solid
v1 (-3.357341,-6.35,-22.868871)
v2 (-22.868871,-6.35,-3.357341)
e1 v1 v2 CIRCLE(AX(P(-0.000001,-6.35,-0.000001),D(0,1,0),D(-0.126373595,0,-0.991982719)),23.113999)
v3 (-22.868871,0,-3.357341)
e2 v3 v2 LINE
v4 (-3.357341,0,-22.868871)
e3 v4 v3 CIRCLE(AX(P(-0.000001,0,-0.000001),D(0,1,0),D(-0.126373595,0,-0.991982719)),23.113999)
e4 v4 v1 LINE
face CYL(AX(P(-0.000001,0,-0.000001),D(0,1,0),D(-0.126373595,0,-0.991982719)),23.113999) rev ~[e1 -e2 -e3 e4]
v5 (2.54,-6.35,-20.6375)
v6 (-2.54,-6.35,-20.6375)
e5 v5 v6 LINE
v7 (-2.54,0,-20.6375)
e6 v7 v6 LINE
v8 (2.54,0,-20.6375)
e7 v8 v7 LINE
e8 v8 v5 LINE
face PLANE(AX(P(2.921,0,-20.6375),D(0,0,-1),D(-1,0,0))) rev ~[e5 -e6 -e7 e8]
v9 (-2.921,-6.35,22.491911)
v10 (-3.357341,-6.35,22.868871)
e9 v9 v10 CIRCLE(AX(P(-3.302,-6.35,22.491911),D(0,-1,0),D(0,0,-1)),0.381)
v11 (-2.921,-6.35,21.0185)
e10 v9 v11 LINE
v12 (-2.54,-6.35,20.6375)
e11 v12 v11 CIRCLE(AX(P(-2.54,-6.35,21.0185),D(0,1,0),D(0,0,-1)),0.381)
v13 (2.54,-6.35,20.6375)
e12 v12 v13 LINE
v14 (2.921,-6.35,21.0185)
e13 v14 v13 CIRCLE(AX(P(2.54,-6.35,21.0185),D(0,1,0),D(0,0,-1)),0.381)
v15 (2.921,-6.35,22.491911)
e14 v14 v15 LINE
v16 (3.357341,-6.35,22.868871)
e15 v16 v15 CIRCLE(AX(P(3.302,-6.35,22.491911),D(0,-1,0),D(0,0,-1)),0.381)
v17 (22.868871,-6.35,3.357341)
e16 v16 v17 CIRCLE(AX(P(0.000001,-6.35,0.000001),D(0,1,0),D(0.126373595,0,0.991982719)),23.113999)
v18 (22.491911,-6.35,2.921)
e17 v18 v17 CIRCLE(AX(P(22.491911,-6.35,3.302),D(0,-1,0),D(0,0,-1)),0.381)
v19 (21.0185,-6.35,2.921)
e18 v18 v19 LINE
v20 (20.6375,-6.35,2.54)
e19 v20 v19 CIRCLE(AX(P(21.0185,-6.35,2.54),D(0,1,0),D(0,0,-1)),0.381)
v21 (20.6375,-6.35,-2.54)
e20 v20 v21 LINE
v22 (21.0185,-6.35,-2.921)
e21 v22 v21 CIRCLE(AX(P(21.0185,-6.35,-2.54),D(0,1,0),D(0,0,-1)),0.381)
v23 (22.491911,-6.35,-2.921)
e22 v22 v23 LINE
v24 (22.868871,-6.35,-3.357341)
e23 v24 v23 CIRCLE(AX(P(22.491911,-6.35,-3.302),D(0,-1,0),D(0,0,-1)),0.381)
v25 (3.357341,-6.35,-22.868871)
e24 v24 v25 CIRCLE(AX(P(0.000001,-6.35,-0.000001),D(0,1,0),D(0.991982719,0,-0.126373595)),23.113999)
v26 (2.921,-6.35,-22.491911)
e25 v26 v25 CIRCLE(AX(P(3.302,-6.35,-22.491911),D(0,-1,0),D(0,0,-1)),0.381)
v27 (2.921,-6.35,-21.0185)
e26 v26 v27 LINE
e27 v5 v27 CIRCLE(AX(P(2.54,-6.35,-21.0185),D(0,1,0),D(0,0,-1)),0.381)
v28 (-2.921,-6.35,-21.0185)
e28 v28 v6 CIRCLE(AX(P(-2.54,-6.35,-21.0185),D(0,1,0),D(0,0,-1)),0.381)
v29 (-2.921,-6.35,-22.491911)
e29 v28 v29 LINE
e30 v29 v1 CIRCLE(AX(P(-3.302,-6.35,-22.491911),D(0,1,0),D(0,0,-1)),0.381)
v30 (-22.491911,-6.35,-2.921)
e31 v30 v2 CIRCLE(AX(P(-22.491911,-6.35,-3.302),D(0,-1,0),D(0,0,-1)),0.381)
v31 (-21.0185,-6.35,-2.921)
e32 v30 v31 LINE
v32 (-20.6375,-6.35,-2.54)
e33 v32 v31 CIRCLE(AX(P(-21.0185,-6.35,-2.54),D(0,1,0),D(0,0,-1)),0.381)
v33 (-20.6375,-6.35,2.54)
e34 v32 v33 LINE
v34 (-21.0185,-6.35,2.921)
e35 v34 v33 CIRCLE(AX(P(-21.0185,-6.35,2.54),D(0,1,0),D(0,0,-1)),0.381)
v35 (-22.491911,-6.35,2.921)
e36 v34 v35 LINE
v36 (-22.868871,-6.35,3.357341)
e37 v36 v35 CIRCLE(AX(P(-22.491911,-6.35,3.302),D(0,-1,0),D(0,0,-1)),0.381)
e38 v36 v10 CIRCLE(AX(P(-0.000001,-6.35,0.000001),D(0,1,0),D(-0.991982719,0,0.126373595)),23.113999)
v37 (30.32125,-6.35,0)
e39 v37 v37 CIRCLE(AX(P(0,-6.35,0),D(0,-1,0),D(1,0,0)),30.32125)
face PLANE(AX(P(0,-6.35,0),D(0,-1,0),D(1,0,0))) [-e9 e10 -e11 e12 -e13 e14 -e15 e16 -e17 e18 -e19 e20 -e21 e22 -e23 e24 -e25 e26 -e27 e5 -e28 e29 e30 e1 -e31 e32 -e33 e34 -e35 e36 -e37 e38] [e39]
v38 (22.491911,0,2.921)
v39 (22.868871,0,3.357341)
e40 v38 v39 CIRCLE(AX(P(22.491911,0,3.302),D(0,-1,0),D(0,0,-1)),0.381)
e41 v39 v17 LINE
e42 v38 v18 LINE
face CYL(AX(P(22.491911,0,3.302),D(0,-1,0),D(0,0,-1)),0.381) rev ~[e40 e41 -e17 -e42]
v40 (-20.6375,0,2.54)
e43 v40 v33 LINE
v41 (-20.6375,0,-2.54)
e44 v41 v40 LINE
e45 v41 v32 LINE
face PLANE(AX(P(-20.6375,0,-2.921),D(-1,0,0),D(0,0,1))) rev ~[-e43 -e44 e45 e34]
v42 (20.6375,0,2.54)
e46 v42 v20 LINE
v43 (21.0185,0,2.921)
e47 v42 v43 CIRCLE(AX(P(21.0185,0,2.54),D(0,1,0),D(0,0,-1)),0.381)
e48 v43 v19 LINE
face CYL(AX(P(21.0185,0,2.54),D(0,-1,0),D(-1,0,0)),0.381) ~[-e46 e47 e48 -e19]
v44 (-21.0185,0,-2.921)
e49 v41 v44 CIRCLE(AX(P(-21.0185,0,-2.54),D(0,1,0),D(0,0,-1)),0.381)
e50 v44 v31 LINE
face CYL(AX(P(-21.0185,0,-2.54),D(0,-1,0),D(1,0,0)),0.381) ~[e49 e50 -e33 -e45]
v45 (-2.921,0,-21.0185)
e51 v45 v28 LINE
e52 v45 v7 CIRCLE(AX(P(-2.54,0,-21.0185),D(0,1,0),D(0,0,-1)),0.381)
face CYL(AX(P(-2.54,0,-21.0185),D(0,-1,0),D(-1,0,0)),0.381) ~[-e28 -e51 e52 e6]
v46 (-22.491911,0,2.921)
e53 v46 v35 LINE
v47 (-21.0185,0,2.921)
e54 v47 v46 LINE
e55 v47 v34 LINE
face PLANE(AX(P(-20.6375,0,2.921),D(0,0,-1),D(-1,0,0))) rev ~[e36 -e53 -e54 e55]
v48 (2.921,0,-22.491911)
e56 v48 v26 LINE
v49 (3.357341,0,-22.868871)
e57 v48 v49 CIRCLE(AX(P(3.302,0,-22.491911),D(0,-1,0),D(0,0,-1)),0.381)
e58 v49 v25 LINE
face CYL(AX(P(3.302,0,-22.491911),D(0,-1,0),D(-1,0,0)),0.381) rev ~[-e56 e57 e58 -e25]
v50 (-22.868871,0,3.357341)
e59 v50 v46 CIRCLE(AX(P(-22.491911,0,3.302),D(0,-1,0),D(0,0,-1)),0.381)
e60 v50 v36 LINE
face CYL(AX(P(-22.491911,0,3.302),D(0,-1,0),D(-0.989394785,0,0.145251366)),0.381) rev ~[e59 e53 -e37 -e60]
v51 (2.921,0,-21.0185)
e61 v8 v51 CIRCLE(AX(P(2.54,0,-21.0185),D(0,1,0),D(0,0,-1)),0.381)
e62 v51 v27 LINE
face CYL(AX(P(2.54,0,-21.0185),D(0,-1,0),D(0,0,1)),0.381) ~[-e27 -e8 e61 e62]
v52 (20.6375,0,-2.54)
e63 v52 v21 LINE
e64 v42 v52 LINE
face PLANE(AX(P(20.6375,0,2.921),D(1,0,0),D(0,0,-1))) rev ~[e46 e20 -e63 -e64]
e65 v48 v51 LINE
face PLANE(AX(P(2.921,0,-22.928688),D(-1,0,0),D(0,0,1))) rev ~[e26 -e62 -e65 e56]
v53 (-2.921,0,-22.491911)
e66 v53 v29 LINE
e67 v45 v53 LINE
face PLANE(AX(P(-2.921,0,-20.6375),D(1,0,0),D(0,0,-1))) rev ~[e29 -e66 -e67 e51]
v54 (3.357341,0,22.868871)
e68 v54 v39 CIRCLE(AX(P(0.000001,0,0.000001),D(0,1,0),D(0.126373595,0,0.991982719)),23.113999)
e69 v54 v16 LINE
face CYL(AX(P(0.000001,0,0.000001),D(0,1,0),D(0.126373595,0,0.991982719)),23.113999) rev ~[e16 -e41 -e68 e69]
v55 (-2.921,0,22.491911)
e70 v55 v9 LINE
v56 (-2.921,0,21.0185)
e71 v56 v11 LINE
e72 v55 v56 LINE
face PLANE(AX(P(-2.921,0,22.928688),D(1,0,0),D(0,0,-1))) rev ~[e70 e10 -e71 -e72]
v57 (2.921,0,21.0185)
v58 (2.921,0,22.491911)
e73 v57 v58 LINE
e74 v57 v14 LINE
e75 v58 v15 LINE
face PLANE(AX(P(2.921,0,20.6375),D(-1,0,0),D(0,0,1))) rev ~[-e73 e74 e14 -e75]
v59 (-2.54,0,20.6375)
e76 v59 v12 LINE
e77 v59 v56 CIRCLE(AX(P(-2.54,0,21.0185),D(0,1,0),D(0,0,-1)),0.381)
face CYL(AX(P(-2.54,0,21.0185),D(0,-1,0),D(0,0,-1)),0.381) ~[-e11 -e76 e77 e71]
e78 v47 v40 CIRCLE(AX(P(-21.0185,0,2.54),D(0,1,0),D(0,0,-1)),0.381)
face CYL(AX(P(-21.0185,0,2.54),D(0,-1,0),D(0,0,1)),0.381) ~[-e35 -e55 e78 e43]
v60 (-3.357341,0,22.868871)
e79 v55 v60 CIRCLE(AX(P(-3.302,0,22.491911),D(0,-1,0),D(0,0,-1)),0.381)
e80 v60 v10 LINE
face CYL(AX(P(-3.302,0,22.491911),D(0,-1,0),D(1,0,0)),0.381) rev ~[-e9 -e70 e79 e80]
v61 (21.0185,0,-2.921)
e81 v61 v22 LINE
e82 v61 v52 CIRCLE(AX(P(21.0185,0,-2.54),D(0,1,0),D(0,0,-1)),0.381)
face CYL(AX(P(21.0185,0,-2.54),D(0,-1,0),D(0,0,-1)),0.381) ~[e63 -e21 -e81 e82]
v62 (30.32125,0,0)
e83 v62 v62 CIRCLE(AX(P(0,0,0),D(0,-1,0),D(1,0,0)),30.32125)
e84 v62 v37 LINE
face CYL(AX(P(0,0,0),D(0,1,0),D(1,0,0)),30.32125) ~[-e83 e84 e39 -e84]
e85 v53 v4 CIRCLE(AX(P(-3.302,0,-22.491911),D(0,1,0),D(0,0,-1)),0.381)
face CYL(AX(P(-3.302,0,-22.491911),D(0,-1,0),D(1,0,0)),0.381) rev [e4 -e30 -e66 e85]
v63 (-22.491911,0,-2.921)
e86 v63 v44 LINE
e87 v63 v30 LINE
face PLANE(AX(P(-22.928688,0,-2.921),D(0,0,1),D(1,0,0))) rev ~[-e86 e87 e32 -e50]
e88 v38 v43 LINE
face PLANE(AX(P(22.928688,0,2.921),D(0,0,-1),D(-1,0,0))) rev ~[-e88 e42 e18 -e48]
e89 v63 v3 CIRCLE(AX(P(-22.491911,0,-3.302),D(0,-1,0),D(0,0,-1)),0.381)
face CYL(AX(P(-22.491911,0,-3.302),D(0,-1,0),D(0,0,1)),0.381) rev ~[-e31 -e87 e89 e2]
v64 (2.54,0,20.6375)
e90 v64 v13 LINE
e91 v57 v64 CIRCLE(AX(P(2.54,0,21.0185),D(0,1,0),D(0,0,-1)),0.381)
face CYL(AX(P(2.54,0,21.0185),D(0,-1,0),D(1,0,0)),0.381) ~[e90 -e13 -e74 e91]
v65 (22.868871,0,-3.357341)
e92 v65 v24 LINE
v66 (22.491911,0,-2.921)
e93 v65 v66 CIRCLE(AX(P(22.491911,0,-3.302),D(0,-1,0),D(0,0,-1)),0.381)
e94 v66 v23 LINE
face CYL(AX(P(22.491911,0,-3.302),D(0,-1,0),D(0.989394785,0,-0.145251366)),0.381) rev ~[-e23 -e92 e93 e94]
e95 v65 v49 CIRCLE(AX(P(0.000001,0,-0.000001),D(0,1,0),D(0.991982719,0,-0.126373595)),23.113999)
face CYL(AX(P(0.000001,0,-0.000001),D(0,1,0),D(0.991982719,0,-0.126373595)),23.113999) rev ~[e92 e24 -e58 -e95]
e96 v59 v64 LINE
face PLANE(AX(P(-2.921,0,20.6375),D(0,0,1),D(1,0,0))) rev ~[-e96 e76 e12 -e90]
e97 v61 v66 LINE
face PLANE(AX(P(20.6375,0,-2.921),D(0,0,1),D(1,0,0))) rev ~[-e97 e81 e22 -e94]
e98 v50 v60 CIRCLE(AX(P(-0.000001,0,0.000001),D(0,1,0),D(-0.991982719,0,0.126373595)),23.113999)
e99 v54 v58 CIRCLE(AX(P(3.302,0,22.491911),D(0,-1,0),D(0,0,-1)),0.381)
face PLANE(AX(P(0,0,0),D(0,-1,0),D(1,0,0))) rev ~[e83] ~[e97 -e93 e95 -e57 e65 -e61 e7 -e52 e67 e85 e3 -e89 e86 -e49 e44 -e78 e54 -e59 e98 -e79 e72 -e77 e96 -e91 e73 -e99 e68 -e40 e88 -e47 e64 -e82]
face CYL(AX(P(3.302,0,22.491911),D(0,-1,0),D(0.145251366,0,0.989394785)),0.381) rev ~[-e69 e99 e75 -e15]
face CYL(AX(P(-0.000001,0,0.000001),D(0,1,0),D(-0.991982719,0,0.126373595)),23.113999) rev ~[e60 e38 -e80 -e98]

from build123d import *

# Parameters (mm, degrees)
F0_R     = 30.32125
F1_DEPTH = 6.35
F2_R     = 0.381


with BuildPart() as f1:
    # F0 (on Front) → F1 (new body)
    with BuildSketch(Plane.XZ):
        Circle(F0_R)
        with BuildLine():
            ThreePointArc((-2.921, -22.928688), (-16.344066, -16.344066), (-22.928688, -2.921))
            Line((-22.928688, -2.921), (-20.6375, -2.921))
            Line((-20.6375, -2.921), (-20.6375, 2.921))
            Line((-20.6375, 2.921), (-22.928688, 2.921))
            ThreePointArc((-22.928688, 2.921), (-16.344066, 16.344066), (-2.921, 22.928688))
            Line((-2.921, 22.928688), (-2.921, 20.6375))
            Line((-2.921, 20.6375), (2.921, 20.6375))
            Line((2.921, 20.6375), (2.921, 22.928688))
            ThreePointArc((2.921, 22.928688), (16.344066, 16.344066), (22.928688, 2.921))
            Line((22.928688, 2.921), (20.6375, 2.921))
            Line((20.6375, 2.921), (20.6375, -2.921))
            Line((20.6375, -2.921), (22.928688, -2.921))
            ThreePointArc((22.928688, -2.921), (16.344066, -16.344066), (2.921, -22.928688))
            Line((2.921, -22.928688), (2.921, -20.6375))
            Line((2.921, -20.6375), (-2.921, -20.6375))
            Line((-2.921, -20.6375), (-2.921, -22.928688))
        make_face(mode=Mode.SUBTRACT)
    extrude(amount=F1_DEPTH)

    # F2
    f2_edges = [f1.edges().sort_by_distance(p)[0] for p in [
        (-2.921, -3.175, 20.6375),
        (-2.921, -3.175, 22.928688),
        (2.921, -3.175, 20.6375),
        (-20.6375, -3.175, -2.921),
        (22.928688, -3.175, -2.921),
        (20.6375, -3.175, -2.921),
        (20.6375, -3.175, 2.921),
        (-2.921, -3.175, -20.6375),
        (2.921, -3.175, -20.6375),
        (-2.921, -3.175, -22.928688),
        (-20.6375, -3.175, 2.921),
        (22.928688, -3.175, 2.921),
        (2.921, -3.175, 22.928688),
        (-22.928688, -3.175, -2.921),
        (2.921, -3.175, -22.928688),
        (-22.928688, -3.175, 2.921),
    ]]
    fillet(f2_edges, radius=F2_R)


solid = f1.part
